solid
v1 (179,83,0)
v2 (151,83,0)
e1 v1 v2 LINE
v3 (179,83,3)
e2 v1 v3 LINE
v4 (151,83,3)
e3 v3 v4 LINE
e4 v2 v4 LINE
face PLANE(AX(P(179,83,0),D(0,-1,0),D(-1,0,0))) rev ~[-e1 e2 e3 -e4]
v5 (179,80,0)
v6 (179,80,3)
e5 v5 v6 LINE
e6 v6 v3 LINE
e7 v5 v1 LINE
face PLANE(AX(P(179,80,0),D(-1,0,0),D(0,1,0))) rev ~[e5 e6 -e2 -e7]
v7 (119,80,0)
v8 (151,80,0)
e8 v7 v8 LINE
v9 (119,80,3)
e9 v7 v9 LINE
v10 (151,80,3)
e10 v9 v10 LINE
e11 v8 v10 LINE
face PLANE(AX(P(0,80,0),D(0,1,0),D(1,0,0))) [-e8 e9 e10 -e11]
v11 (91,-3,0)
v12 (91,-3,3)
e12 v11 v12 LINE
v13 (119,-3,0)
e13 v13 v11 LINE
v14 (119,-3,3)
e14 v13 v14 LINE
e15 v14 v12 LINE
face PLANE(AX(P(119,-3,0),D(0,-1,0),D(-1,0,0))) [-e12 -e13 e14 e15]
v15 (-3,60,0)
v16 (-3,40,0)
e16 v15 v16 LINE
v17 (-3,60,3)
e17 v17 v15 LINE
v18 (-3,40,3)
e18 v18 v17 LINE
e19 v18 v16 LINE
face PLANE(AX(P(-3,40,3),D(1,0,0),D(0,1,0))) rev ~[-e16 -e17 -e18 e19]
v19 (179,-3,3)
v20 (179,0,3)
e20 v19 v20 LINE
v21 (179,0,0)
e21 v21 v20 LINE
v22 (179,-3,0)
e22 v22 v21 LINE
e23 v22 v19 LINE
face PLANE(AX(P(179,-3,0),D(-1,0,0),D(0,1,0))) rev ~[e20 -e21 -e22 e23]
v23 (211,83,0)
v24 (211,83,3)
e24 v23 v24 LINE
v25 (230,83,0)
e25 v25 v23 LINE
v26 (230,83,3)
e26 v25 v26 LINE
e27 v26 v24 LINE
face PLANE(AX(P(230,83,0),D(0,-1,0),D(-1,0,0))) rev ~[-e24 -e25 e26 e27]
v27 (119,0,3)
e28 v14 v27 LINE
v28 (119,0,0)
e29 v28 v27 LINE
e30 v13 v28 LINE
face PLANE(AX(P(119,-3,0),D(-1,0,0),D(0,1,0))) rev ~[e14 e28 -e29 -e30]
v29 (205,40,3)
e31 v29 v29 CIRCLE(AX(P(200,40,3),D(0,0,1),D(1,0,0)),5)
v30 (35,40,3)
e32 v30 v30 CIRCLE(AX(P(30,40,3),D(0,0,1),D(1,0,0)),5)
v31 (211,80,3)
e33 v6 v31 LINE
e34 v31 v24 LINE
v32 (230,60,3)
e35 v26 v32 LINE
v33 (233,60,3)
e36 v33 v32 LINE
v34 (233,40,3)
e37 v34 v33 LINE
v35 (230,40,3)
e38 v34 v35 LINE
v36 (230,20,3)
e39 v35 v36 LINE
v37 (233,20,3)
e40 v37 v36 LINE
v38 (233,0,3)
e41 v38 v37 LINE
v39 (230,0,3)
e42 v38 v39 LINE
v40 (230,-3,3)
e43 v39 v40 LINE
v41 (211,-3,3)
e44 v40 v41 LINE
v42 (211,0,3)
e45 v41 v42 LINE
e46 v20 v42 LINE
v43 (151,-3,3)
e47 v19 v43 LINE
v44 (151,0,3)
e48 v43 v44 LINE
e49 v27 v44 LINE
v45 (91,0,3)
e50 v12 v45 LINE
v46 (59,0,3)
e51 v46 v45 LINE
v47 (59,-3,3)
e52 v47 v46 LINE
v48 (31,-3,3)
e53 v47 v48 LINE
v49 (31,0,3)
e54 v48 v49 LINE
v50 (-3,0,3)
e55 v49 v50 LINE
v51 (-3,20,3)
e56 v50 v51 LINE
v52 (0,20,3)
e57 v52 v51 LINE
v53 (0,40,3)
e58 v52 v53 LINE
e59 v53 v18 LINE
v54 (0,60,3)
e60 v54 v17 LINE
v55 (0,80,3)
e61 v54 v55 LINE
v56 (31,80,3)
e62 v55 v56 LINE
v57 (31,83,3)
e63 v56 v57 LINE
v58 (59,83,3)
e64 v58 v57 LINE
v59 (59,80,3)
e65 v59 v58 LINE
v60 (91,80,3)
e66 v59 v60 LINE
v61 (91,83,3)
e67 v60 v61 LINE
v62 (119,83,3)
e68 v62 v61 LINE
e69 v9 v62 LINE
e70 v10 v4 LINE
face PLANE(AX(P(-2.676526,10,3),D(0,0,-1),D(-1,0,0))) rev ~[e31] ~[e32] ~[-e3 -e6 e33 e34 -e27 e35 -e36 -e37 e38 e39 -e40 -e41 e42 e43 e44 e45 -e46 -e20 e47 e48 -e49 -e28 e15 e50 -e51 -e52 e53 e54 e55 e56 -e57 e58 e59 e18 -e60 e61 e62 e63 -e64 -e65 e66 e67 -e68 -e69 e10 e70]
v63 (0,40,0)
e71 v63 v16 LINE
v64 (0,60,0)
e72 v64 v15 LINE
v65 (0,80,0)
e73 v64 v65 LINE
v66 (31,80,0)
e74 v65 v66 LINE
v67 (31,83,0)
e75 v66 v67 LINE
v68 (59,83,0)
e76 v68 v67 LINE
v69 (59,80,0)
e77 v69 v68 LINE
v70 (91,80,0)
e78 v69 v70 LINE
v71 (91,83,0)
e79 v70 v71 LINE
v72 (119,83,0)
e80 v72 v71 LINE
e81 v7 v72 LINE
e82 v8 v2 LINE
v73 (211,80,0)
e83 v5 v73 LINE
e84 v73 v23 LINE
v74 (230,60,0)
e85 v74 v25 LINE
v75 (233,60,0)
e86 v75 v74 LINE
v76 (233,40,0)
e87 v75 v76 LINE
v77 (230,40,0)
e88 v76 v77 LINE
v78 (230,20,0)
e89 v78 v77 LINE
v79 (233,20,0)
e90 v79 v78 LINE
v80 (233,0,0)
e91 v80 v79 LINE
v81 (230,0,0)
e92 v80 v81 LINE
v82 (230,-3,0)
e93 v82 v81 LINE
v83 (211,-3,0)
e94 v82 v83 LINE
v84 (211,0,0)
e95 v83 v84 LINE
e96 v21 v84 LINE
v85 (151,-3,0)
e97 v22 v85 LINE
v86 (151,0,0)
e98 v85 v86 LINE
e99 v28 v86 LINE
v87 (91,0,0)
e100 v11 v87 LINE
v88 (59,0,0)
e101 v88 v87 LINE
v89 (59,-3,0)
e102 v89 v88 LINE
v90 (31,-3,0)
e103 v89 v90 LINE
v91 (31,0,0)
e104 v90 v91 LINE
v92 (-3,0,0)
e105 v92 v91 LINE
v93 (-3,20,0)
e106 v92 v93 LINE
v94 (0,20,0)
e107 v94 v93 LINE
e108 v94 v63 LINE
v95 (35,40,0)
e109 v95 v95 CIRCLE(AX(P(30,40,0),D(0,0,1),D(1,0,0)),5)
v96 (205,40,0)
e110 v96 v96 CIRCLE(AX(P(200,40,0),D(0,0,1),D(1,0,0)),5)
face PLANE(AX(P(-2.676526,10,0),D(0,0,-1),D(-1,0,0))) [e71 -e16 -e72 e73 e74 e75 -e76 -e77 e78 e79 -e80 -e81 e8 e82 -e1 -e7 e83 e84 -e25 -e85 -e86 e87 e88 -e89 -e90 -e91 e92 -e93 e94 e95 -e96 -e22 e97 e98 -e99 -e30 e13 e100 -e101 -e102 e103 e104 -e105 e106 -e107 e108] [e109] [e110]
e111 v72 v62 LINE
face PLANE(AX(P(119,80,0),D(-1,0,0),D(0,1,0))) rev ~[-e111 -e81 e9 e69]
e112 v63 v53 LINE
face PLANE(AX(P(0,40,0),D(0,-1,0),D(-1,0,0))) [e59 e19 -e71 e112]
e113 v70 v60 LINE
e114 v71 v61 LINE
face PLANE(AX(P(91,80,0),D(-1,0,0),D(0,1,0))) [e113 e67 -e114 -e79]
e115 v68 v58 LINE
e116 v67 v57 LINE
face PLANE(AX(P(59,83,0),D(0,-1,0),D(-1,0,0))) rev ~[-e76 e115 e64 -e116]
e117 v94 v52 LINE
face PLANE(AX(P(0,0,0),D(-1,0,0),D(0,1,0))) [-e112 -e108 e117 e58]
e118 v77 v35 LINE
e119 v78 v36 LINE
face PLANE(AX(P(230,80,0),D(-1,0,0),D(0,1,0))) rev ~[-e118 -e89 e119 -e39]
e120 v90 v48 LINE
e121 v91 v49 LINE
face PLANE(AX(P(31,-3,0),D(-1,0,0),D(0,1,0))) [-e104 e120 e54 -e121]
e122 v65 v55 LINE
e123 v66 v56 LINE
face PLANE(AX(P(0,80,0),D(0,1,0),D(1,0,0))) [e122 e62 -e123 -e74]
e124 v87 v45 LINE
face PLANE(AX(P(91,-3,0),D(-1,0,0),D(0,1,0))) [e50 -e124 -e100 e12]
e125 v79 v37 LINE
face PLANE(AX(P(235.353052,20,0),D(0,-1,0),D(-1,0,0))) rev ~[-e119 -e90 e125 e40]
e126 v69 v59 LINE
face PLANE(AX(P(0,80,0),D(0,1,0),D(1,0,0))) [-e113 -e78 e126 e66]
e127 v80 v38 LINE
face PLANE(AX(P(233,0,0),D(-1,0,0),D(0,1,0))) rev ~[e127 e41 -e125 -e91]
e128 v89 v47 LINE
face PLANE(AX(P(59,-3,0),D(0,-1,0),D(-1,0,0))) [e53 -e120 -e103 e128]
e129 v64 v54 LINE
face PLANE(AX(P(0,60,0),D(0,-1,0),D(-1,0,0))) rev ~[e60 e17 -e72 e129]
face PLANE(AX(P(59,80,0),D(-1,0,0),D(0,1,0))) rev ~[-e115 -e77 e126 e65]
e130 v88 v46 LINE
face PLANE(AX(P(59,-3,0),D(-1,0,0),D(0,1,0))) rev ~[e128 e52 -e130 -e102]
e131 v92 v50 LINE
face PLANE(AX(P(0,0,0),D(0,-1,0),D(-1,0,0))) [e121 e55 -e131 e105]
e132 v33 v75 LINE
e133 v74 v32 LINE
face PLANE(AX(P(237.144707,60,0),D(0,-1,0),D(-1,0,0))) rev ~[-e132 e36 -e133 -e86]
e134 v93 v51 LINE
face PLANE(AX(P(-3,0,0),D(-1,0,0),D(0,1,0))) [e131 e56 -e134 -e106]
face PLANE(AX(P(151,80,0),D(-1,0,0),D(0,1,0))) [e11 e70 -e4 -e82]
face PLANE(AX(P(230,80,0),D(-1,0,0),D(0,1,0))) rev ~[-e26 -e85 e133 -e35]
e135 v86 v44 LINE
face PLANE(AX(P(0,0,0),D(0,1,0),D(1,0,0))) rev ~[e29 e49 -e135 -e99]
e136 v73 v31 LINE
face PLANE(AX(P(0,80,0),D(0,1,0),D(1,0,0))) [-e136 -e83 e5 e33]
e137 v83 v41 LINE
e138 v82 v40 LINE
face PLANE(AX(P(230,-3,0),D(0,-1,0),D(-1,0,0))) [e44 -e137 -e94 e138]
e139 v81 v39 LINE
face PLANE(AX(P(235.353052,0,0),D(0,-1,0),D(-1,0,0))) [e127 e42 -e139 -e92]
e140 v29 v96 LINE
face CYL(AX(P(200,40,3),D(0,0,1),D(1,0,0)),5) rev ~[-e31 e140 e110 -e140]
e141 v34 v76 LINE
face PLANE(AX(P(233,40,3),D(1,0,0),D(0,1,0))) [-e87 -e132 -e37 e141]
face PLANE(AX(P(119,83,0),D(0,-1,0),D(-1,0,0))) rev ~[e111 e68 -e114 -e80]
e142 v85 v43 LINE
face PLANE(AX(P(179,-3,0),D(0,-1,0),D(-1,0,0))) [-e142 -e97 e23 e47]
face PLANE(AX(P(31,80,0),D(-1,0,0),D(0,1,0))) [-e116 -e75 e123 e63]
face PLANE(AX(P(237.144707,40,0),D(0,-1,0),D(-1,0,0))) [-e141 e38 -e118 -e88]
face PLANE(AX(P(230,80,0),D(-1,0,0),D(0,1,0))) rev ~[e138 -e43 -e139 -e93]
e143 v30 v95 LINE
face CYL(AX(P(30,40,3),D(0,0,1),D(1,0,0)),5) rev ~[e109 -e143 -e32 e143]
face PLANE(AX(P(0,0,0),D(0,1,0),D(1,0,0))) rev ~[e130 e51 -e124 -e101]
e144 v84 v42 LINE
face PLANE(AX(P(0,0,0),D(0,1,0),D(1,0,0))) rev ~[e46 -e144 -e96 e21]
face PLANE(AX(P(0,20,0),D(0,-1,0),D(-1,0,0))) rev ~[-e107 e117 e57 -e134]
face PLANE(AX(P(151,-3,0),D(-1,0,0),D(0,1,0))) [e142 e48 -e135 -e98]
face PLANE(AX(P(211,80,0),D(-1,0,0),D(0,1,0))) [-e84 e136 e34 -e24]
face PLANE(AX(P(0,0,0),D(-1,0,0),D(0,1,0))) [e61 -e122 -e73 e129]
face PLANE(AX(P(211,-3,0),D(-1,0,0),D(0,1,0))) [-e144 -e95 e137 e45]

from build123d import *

# Parameters (mm, degrees)
ESQUISSE2_W             = 230
ESQUISSE2_H             = 80
BOSS_EXTRU_1_DEPTH      = 3
ESQUISSE3_W             = 28
ESQUISSE3_H             = 3
ESQUISSE3_W_2           = 19
BOSS_EXTRU_2_DEPTH      = 3
ESQUISSE5_W             = 5.353052469
ESQUISSE5_H             = 20
ESQUISSE5_W_2           = 7.144707487
BOSS_EXTRU_3_DEPTH      = 3
ENL_V_MAT_EXTRU_2_DEPTH = 10
ESQUISSE8_W             = 2.353052469
ESQUISSE8_H             = 20
ENL_V_MAT_EXTRU_3_DEPTH = 10
ESQUISSE9_R             = 5
ENL_V_MAT_EXTRU_4_DEPTH = 10


with BuildPart() as part:
    # Esquisse2 → Boss.-Extru.1 (new body)
    with BuildSketch(Plane.XY):
        with Locations((115, 40)):
            Rectangle(ESQUISSE2_W, ESQUISSE2_H)
    extrude(amount=BOSS_EXTRU_1_DEPTH)

    # Esquisse3 → Boss.-Extru.2 (add)
    with BuildSketch(Plane(origin=(0, 0, 0), x_dir=(-1, 0, 0), z_dir=(0, 0, -1))):
        with Locations((-45, 81.5)):
            Rectangle(ESQUISSE3_W, ESQUISSE3_H)
        with Locations((-105, 81.5)):
            Rectangle(ESQUISSE3_W, ESQUISSE3_H)
        with Locations((-165, 81.5)):
            Rectangle(ESQUISSE3_W, ESQUISSE3_H)
        with Locations((-220.5, 81.5)):
            Rectangle(ESQUISSE3_W_2, ESQUISSE3_H)
        with Locations((-45, -1.5)):
            Rectangle(ESQUISSE3_W, ESQUISSE3_H)
        with Locations((-105, -1.5)):
            Rectangle(ESQUISSE3_W, ESQUISSE3_H)
        with Locations((-165, -1.5)):
            Rectangle(ESQUISSE3_W, ESQUISSE3_H)
        with Locations((-220.5, -1.5)):
            Rectangle(ESQUISSE3_W_2, ESQUISSE3_H)
    extrude(amount=-BOSS_EXTRU_2_DEPTH)

    # Esquisse5 → Boss.-Extru.3 (add)
    with BuildSketch(Plane(origin=(0, 0, 0), x_dir=(-1, 0, 0), z_dir=(0, 0, -1))):
        with Locations((2.676526235, 10)):
            Rectangle(ESQUISSE5_W, ESQUISSE5_H)
        with Locations((3.572353744, 50)):
            Rectangle(ESQUISSE5_W_2, ESQUISSE5_H)
        with Locations((-232.676526235, 10)):
            Rectangle(ESQUISSE5_W, ESQUISSE5_H)
        with Locations((-233.572353744, 50)):
            Rectangle(ESQUISSE5_W_2, ESQUISSE5_H)
    extrude(amount=-BOSS_EXTRU_3_DEPTH)

    # Esquisse7 → Enlèv. mat.-Extru.2 (cut)
    with BuildSketch(Plane.XY.offset(3)):
        Polygon((237.144707487, 60), (233, 60), (233, 20), (235.353052469, 20), (235.353052469, 0), (233, 0), (233, -1.758999091), (237.903552449, -1.758999091), (237.903552449, 40), (237.144707487, 40), align=None)
        Polygon((-3, 20), (-3, 60), (-7.903552449, 60), (-7.903552449, -1.758999091), (-3, -1.758999091), (-3, 0), (-5.353052469, 0), (-5.353052469, 20), align=None)
    extrude(amount=-ENL_V_MAT_EXTRU_2_DEPTH, mode=Mode.SUBTRACT)

    # Esquisse8 → Enlèv. mat.-Extru.3 (cut)
    with BuildSketch(Plane(origin=(0, 0, 0), x_dir=(-1, 0, 0), z_dir=(0, 0, -1))):
        with Locations((-234.176526235, 10)):
            Rectangle(ESQUISSE8_W, ESQUISSE8_H)
        with Locations((4.176526235, 10)):
            Rectangle(ESQUISSE8_W, ESQUISSE8_H)
    extrude(amount=-ENL_V_MAT_EXTRU_3_DEPTH, mode=Mode.SUBTRACT)

    # Esquisse9 → Enlèv. mat.-Extru.4 (cut)
    with BuildSketch(Plane.XY.offset(3)):
        with Locations((30, 40)):
            Circle(ESQUISSE9_R)
        with Locations((200, 40)):
            Circle(ESQUISSE9_R)
    extrude(amount=-ENL_V_MAT_EXTRU_4_DEPTH, mode=Mode.SUBTRACT)


solid = part.part
